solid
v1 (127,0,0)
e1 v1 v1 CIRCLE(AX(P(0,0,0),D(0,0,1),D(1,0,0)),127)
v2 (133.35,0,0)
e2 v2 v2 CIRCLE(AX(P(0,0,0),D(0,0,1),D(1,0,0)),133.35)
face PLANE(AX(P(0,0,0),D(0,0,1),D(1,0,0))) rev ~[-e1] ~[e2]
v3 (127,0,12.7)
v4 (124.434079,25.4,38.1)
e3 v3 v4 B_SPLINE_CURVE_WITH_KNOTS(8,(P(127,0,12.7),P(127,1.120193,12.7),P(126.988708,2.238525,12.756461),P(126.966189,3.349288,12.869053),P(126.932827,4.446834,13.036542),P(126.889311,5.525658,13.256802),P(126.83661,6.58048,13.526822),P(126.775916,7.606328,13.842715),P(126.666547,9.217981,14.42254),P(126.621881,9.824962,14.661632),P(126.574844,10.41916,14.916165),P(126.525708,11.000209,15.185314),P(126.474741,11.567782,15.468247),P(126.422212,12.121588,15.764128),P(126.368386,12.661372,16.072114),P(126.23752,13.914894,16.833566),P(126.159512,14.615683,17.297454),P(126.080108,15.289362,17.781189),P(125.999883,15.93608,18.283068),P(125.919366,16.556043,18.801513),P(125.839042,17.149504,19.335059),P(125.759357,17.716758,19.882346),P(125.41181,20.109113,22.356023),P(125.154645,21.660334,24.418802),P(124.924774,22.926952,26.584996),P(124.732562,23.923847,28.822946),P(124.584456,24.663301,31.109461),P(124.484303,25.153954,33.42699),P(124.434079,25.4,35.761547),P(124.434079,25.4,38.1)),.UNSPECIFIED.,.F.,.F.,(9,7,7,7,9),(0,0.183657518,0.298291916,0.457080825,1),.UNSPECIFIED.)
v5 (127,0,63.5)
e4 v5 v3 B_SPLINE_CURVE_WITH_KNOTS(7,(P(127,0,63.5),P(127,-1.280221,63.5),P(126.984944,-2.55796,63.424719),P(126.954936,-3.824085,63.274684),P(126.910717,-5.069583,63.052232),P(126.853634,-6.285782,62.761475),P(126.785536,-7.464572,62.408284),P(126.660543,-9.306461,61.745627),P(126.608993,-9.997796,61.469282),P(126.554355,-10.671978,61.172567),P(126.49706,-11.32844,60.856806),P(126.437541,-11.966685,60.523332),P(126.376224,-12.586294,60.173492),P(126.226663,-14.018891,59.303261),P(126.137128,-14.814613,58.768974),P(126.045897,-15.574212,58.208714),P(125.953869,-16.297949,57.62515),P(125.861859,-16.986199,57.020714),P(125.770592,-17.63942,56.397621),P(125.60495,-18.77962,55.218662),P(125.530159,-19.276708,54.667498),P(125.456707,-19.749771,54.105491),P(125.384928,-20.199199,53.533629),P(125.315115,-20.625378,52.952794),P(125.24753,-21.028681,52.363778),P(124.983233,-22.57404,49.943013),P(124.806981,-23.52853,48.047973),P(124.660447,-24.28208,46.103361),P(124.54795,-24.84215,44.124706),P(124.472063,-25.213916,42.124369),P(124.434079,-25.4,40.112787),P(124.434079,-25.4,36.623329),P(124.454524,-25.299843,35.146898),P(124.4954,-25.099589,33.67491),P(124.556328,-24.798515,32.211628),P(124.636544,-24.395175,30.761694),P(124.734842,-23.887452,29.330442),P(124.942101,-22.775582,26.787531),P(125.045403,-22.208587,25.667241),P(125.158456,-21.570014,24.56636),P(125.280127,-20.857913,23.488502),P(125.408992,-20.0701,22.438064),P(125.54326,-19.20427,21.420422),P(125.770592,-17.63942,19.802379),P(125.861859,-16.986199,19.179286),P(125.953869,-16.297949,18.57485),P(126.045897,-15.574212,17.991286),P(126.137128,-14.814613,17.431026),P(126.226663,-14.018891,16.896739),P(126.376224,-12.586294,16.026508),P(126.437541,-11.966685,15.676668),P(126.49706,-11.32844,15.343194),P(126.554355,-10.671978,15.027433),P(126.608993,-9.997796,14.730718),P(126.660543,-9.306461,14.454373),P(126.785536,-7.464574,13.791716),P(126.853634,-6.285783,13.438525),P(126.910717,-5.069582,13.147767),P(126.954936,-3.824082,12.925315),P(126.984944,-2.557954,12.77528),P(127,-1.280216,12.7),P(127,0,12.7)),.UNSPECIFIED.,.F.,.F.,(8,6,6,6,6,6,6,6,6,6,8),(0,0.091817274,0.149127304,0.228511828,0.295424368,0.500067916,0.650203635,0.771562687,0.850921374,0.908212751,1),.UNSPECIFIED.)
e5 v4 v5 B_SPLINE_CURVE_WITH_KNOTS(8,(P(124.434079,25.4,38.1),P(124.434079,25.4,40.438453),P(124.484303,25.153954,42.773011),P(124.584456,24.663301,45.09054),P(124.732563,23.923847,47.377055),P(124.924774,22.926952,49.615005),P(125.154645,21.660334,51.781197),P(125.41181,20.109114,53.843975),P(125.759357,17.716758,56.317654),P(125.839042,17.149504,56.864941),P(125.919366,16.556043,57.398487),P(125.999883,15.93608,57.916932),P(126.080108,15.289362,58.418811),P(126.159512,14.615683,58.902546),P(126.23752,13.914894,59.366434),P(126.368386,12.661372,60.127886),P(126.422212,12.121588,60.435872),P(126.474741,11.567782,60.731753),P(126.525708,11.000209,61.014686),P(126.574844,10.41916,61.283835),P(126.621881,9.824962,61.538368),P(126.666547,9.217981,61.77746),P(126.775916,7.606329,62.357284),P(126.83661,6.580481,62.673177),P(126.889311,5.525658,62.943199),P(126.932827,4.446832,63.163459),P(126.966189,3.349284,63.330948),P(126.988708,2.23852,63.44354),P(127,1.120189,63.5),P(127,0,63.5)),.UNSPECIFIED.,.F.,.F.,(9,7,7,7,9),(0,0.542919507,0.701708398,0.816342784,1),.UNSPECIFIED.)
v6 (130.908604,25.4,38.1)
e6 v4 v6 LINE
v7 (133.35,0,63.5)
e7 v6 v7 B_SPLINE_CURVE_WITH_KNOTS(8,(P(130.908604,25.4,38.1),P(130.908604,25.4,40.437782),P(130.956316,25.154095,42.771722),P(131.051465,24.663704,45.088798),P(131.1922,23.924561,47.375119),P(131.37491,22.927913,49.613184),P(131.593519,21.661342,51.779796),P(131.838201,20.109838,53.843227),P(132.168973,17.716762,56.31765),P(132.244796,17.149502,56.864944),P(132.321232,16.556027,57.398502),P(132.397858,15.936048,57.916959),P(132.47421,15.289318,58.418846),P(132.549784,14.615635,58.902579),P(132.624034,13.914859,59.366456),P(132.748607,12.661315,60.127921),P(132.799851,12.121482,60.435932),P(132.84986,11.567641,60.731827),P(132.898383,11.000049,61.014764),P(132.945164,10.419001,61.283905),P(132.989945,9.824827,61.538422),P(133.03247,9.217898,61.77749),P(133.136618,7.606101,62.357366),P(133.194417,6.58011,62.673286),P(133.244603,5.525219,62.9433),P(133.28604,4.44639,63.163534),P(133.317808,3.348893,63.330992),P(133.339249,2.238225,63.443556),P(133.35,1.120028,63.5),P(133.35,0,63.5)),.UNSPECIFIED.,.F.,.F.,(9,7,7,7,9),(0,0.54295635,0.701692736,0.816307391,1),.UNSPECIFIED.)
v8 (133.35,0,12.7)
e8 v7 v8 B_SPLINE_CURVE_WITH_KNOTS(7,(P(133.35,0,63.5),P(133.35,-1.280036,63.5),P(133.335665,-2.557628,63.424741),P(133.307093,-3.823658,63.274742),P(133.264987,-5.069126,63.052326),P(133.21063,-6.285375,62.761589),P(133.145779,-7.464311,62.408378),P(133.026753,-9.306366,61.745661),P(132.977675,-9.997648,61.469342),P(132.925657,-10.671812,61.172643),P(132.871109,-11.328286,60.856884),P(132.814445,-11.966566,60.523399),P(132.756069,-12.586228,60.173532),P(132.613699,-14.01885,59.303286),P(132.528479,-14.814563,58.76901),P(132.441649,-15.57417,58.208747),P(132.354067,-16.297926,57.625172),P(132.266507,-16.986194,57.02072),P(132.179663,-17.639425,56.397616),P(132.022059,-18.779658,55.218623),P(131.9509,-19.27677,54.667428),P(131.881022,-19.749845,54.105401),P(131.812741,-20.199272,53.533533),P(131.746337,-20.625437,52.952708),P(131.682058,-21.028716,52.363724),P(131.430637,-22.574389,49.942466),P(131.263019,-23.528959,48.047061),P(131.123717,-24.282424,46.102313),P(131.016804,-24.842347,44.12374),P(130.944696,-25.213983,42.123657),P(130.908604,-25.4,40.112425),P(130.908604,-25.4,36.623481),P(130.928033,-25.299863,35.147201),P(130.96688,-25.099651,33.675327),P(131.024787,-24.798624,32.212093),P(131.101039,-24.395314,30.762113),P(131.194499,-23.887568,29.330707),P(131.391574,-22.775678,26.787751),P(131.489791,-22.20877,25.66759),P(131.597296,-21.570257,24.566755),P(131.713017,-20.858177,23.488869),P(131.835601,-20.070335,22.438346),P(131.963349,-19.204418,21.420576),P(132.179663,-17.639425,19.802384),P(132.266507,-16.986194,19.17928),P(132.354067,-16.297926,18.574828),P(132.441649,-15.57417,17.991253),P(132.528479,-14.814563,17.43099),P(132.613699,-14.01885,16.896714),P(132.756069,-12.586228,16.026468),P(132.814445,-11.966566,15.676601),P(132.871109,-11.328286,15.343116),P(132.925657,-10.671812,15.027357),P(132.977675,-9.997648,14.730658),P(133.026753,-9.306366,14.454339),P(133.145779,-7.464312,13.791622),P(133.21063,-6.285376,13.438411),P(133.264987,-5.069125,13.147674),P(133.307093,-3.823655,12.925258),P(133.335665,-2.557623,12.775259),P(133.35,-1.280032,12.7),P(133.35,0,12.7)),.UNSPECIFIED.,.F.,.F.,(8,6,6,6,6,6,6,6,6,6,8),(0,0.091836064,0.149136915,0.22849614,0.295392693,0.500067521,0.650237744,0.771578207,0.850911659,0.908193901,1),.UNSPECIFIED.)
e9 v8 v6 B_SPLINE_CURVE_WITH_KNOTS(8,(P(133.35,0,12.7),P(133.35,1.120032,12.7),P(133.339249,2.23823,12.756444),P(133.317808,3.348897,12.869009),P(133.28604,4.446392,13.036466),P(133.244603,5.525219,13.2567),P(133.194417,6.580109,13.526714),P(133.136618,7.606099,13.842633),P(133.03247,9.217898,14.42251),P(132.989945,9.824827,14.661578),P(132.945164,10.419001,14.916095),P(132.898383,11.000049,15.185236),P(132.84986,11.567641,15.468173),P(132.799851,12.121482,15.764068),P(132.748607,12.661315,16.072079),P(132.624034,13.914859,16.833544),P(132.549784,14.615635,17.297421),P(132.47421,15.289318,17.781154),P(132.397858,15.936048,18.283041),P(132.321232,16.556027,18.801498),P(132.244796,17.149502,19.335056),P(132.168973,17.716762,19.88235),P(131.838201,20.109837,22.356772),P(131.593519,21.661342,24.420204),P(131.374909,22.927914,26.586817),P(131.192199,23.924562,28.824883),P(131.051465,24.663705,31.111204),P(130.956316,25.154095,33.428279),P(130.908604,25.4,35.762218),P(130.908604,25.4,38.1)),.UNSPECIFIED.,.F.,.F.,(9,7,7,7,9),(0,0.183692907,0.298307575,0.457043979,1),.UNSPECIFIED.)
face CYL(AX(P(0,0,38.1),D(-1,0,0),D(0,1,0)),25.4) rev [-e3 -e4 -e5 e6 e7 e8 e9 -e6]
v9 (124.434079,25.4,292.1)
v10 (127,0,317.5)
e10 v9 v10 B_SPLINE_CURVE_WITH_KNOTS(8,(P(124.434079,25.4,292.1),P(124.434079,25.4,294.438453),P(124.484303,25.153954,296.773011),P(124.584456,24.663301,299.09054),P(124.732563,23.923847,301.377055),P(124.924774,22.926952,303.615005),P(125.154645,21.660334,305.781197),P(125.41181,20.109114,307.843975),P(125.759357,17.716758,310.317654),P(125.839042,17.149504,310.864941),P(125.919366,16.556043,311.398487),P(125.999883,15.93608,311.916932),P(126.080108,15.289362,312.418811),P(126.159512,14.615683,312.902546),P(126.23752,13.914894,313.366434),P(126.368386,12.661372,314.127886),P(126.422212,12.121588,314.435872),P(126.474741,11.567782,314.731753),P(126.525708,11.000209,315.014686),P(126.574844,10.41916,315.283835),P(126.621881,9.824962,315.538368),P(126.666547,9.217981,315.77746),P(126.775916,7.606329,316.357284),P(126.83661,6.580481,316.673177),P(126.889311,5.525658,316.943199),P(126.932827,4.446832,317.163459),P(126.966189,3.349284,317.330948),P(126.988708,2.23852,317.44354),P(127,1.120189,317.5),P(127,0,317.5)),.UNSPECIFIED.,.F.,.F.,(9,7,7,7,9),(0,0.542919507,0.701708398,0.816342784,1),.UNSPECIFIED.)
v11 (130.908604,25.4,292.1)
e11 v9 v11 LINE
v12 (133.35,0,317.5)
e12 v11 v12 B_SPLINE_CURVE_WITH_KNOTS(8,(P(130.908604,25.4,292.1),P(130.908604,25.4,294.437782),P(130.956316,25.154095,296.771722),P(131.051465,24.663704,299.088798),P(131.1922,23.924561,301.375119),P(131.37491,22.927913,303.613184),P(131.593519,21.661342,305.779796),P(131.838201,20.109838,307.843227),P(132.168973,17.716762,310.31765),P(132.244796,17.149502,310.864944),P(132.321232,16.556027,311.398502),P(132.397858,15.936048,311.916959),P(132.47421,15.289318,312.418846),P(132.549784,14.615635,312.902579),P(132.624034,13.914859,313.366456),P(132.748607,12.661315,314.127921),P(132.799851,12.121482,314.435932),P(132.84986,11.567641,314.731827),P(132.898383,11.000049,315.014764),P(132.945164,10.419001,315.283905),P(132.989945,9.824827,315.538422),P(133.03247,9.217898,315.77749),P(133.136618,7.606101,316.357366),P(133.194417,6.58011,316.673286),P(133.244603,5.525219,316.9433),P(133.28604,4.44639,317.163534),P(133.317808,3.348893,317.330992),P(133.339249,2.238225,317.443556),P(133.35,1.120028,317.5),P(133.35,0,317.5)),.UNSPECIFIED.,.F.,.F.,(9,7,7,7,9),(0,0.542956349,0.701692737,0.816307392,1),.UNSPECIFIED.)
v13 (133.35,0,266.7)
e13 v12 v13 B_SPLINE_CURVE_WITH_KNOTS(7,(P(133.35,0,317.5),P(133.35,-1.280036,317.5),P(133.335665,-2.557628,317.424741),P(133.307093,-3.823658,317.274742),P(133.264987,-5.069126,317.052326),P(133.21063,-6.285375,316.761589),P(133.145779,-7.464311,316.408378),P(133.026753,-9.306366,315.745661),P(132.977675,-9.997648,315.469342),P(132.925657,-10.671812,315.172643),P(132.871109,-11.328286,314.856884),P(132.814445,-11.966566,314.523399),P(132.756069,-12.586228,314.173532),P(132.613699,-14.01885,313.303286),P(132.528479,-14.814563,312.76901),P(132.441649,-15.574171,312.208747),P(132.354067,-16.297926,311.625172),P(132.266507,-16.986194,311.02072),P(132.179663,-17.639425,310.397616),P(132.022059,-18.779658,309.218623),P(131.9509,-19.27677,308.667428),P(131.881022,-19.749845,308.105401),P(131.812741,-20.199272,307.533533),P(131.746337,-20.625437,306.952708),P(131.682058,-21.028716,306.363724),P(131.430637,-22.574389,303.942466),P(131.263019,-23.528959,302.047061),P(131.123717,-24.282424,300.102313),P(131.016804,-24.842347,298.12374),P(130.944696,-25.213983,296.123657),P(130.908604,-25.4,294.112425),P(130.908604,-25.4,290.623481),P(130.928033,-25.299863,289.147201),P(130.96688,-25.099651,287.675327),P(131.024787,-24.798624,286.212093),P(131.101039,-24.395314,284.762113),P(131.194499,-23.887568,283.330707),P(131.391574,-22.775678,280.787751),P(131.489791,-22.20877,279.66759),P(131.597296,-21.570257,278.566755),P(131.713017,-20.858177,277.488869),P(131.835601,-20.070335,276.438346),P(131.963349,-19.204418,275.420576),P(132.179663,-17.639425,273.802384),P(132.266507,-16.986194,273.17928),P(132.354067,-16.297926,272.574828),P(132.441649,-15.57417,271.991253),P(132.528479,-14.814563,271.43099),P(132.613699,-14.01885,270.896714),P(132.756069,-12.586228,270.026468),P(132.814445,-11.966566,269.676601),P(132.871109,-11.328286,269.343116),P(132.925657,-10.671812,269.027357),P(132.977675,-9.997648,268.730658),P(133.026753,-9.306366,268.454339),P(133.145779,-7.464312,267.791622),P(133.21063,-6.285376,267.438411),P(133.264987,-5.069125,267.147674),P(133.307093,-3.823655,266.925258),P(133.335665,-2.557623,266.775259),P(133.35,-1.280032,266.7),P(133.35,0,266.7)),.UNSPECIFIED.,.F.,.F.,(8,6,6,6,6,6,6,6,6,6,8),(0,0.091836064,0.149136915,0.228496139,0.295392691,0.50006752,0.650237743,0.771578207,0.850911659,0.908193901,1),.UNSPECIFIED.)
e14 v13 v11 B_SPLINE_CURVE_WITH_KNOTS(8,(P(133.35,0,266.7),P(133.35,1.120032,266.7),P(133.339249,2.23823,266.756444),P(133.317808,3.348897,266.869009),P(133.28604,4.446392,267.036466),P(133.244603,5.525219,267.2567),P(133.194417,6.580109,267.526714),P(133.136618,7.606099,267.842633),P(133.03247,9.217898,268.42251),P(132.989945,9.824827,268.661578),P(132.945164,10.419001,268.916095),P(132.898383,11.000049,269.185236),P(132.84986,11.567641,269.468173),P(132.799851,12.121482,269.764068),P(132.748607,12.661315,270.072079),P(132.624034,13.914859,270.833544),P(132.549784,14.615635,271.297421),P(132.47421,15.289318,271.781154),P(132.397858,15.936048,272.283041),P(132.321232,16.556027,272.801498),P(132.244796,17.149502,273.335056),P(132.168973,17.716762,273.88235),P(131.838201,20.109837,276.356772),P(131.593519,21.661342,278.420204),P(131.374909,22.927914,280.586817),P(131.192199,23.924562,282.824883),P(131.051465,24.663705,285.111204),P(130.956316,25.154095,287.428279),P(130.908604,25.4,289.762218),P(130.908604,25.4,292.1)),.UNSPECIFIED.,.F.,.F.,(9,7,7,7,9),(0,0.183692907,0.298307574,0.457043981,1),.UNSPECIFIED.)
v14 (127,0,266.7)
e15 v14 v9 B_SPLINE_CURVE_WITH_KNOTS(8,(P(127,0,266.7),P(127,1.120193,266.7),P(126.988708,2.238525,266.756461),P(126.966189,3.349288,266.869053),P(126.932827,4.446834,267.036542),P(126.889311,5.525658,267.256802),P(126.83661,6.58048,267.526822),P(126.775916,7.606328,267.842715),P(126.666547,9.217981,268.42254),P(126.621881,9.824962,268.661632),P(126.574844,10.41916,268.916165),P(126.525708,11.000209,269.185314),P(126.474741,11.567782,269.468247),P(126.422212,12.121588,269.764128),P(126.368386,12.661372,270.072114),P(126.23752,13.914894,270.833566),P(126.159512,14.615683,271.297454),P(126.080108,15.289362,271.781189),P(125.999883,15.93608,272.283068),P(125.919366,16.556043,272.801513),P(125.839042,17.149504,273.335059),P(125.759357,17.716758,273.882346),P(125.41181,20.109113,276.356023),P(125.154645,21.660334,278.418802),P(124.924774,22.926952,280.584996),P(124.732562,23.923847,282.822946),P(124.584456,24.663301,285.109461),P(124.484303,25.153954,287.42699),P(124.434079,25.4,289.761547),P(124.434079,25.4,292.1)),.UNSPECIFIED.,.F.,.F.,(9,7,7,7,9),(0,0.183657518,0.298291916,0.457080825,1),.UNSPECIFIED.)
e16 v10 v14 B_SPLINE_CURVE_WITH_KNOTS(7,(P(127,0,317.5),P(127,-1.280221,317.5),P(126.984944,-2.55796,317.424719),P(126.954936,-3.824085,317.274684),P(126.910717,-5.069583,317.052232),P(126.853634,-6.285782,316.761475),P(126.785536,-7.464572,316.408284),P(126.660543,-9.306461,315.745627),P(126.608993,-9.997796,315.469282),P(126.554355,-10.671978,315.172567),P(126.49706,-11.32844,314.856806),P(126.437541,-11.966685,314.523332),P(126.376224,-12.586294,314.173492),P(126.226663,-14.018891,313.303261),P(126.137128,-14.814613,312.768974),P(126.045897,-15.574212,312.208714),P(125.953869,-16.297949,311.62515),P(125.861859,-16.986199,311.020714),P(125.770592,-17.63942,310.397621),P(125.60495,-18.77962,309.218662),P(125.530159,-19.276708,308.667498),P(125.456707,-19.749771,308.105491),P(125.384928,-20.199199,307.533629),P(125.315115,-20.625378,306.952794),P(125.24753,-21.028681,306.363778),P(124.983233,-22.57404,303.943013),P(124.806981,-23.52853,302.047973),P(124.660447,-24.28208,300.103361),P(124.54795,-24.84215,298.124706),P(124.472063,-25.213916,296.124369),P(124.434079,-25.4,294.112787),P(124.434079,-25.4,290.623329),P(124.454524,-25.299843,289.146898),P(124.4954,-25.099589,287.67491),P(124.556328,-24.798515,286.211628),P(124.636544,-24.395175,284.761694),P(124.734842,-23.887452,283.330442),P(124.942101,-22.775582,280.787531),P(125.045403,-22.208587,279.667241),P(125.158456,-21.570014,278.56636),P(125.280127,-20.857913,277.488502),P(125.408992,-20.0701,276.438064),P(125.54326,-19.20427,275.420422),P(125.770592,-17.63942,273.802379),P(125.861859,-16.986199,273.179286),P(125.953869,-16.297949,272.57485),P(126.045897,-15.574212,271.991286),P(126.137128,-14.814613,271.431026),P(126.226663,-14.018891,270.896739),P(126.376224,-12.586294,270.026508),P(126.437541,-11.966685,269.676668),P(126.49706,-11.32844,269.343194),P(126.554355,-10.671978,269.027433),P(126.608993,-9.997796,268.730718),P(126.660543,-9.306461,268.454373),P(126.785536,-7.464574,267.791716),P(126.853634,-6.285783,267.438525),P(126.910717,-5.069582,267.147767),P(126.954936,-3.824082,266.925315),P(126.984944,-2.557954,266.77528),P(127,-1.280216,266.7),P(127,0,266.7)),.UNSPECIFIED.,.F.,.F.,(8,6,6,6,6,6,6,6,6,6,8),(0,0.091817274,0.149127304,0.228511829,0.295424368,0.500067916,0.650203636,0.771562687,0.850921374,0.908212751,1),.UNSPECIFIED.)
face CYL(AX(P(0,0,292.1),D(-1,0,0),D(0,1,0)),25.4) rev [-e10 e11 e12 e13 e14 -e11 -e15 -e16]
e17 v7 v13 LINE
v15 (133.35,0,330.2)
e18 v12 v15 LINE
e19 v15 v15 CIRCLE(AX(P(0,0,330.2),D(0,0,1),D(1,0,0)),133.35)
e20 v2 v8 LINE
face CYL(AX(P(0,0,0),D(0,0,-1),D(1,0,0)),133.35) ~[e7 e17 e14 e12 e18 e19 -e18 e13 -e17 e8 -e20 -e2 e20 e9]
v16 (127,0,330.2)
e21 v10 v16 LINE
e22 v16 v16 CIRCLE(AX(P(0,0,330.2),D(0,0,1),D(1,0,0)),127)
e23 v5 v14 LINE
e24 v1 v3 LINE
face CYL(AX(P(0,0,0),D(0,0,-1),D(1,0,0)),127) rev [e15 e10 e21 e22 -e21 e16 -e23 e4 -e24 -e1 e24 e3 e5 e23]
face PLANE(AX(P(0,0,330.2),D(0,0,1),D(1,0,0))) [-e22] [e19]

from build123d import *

# Parameters (mm, degrees)
F0_R     = 133.35
F0_R_2   = 127
F1_DEPTH = 330.2
F3_R     = 25.4
F4_DEPTH = 508


with BuildPart() as f1:
    # F0 (on Top) → F1 (new body)
    with BuildSketch(Plane.XY):
        Circle(F0_R)
        Circle(F0_R_2, mode=Mode.SUBTRACT)
    extrude(amount=F1_DEPTH)

    # F3 (on Right) → F4 (cut)
    with BuildSketch(Plane.YZ):
        with Locations((0, 38.1)):
            Circle(F3_R)
        with Locations((0, 292.1)):
            Circle(F3_R)
    extrude(amount=F4_DEPTH, mode=Mode.SUBTRACT)


solid = f1.part
